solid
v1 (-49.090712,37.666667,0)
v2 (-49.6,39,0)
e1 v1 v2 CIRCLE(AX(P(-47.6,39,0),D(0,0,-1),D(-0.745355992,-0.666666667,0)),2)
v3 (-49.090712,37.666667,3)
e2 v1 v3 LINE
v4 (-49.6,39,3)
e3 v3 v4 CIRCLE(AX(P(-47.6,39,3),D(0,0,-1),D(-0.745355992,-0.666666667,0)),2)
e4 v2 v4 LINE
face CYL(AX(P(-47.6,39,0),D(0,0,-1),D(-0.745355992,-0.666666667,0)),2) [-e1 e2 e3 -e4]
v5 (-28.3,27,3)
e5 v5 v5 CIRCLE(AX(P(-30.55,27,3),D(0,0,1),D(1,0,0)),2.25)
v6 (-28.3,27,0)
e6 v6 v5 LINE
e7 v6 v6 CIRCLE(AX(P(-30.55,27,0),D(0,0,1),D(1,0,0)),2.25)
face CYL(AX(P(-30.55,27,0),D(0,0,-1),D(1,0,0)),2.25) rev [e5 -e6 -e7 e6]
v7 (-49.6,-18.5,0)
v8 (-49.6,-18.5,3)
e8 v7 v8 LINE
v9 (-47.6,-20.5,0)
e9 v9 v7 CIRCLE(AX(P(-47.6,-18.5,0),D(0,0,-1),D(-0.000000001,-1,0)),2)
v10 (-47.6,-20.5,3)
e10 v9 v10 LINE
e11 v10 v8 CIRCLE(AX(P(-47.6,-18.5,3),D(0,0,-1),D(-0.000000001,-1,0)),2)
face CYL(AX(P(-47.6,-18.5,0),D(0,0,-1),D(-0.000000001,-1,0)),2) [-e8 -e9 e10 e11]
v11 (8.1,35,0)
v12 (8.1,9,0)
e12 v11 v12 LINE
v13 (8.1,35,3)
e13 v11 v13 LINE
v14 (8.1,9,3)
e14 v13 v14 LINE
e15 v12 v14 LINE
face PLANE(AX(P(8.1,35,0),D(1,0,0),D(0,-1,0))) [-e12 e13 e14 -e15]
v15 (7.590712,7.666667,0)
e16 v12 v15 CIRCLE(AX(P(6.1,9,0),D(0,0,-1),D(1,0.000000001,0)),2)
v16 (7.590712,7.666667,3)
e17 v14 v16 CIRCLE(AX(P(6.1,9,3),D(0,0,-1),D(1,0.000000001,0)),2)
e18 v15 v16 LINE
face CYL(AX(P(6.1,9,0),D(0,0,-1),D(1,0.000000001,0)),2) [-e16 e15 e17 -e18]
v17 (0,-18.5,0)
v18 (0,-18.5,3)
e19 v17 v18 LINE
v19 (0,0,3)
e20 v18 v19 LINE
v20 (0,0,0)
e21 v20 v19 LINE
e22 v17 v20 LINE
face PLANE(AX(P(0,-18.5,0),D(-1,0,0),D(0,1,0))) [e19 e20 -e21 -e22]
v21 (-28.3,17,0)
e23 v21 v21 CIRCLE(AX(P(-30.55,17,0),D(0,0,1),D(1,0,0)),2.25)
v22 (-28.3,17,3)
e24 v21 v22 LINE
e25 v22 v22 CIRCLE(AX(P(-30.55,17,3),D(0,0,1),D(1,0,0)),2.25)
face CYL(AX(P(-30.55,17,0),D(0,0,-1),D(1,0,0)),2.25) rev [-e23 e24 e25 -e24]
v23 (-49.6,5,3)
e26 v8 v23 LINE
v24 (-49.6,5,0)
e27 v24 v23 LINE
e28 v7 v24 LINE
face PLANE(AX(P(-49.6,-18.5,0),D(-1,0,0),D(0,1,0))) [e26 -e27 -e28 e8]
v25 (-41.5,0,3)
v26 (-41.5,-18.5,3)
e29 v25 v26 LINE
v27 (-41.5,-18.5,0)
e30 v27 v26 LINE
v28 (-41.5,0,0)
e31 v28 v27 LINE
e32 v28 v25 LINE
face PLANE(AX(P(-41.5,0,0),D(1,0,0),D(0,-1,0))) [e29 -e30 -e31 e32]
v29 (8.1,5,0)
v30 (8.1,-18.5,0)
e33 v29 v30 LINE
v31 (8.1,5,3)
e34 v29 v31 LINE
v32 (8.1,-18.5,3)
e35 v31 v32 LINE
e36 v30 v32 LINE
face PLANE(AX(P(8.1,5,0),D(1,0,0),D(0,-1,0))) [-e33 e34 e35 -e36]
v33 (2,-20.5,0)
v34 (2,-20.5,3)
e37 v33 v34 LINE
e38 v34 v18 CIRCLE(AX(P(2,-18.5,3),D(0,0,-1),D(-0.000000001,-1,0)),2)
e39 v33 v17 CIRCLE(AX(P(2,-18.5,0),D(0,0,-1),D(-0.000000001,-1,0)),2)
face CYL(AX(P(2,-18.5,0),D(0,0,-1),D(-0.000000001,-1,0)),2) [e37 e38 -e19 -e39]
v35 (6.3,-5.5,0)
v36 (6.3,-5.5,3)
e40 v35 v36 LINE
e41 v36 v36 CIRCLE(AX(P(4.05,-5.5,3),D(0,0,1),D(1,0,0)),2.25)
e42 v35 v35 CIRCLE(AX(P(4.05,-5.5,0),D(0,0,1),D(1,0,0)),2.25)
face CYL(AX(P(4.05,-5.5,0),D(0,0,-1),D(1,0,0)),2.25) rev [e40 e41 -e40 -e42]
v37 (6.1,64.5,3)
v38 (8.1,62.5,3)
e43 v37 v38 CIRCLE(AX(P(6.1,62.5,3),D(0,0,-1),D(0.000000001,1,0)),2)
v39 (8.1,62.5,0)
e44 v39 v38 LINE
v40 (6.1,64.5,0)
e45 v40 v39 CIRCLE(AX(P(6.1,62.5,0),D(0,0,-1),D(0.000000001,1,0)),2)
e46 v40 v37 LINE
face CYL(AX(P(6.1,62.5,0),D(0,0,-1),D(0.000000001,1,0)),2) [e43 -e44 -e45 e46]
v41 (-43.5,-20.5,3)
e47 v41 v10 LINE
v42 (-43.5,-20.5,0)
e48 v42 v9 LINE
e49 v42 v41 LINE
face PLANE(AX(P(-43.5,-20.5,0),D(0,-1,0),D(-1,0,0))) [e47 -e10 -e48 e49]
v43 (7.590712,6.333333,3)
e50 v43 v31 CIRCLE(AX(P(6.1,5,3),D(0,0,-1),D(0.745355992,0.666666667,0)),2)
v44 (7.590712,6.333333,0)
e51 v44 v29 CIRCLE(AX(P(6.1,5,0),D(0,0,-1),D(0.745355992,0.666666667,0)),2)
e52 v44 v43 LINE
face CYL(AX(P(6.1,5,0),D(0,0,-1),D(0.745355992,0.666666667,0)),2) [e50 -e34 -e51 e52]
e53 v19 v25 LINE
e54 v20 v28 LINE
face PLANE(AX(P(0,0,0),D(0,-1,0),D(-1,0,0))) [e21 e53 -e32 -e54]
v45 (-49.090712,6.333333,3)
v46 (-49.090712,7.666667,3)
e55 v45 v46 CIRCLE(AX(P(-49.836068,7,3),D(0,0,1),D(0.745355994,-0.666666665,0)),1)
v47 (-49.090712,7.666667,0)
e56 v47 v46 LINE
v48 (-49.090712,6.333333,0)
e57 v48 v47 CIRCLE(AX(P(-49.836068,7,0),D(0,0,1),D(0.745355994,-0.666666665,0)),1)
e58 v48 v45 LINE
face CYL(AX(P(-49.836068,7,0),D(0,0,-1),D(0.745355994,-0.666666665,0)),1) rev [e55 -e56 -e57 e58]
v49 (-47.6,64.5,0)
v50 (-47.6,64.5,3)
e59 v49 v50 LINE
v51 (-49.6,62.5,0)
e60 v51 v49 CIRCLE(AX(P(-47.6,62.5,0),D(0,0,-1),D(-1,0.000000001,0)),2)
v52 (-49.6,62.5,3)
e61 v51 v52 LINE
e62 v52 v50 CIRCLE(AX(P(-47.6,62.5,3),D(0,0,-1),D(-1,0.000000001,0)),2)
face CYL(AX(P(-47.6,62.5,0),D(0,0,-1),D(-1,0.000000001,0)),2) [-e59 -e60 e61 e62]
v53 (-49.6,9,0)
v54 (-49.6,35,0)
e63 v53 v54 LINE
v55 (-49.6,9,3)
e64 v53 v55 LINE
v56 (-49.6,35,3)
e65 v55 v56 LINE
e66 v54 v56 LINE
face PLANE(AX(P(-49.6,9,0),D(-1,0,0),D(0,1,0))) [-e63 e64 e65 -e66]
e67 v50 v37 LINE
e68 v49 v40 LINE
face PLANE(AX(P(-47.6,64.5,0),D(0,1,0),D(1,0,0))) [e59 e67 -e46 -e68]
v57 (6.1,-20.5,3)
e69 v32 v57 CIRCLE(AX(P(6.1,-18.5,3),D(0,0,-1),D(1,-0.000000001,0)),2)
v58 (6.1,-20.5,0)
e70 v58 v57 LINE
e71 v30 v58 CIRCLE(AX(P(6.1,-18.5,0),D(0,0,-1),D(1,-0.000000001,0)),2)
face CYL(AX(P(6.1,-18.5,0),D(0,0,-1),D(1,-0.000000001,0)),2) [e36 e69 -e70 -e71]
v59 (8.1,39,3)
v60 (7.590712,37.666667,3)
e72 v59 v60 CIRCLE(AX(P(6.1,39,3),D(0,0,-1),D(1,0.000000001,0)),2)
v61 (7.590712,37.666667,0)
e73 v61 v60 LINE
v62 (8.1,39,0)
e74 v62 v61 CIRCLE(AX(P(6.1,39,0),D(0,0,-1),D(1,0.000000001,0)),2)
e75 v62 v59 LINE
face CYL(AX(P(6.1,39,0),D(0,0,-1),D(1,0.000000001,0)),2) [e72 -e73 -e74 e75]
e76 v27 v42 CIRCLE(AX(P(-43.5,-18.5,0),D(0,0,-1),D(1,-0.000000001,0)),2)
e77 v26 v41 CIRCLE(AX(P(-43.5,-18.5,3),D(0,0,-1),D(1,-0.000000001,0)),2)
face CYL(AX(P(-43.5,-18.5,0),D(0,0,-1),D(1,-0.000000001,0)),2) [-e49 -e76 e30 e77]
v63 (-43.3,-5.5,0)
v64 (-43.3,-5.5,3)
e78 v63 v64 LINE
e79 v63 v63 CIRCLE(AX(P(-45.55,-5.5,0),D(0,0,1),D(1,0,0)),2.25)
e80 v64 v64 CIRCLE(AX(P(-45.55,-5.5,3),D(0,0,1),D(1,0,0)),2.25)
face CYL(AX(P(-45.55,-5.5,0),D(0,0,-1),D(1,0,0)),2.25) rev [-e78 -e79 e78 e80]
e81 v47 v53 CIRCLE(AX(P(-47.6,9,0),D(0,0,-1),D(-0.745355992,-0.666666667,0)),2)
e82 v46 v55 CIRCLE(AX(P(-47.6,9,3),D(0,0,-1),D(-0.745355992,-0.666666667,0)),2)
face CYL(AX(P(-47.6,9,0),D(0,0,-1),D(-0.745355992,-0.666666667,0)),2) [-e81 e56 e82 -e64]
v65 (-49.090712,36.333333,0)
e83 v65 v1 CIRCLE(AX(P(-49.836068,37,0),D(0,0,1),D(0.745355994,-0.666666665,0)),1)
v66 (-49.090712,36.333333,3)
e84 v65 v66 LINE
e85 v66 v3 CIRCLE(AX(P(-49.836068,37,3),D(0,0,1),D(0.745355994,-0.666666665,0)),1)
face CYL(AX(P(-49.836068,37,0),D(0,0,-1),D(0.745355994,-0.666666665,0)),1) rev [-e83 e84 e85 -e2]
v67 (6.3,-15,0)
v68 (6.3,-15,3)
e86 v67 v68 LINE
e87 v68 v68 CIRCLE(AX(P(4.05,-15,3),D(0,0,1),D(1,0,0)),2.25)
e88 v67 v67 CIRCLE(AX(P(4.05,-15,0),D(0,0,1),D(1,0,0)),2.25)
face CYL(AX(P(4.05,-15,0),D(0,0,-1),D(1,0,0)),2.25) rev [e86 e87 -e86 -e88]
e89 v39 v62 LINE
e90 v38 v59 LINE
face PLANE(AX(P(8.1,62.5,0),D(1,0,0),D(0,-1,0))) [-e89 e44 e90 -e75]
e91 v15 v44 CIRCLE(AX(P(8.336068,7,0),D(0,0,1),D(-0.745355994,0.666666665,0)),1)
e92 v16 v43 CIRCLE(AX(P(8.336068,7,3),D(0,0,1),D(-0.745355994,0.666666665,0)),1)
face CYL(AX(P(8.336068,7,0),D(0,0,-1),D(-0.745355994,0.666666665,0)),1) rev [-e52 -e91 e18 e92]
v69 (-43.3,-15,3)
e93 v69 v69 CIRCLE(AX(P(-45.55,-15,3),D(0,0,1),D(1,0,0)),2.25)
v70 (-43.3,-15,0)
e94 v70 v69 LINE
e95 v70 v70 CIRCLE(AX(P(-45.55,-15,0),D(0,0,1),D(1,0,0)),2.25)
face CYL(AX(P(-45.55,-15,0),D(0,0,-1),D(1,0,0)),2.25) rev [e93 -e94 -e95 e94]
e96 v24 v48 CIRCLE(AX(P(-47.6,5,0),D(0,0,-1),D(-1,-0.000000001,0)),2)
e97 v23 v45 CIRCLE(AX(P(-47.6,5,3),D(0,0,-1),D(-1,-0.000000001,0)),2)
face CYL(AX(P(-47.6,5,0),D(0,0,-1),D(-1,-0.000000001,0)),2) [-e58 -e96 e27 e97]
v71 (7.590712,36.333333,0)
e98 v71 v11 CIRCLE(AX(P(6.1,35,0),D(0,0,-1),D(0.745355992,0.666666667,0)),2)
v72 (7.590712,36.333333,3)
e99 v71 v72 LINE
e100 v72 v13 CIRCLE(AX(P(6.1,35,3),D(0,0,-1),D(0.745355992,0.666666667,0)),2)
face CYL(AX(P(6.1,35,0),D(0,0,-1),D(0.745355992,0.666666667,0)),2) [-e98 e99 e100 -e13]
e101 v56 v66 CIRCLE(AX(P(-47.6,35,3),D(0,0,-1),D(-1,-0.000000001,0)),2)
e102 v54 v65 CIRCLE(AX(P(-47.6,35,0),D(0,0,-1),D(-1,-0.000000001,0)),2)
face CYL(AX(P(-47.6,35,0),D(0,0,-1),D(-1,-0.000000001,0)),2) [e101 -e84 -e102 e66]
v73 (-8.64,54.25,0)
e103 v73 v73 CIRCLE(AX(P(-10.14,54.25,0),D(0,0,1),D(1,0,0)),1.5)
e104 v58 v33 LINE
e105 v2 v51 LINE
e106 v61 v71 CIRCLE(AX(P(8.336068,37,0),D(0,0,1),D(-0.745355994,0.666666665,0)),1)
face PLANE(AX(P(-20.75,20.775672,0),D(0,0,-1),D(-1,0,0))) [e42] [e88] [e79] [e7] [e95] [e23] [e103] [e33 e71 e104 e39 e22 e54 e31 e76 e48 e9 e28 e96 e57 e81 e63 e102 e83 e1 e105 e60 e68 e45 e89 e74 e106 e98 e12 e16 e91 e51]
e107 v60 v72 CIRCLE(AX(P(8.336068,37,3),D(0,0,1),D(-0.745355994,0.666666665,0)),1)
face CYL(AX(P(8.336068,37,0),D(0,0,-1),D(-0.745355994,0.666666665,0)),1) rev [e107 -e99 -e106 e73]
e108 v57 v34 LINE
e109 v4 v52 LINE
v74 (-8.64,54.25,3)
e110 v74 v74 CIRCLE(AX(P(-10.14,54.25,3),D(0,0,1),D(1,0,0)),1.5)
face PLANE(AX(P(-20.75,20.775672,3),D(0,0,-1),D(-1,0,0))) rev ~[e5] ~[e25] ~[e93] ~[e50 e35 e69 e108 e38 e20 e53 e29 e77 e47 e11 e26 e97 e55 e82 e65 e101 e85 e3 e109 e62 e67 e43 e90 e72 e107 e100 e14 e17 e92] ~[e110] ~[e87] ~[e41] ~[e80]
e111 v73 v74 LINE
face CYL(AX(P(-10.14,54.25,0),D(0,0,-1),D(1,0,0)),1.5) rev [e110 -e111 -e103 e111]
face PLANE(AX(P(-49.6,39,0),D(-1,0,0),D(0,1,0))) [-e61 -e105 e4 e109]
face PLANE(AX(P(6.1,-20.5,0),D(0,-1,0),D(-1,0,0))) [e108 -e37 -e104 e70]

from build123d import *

# Parameters (mm, degrees)
SKETCH1_R           = 2.25
SKETCH1_R_2         = 1.5
BOSS_EXTRUDE1_DEPTH = 3


with BuildPart() as part:
    # Sketch1 → Boss-Extrude1 (new body)
    with BuildSketch(Plane.XY):
        with BuildLine():
            Line((-43.5, -20.5), (-47.6, -20.5))
            ThreePointArc((-47.6, -20.5), (-49.014213562, -19.914213562), (-49.6, -18.5))
            Line((-49.6, -18.5), (-49.6, 5))
            ThreePointArc((-49.6, 5), (-49.468344718, 5.71364418), (-49.090711985, 6.333333333))
            ThreePointArc((-49.090711985, 6.333333333), (-48.836067978, 7), (-49.090711985, 7.666666667))
            ThreePointArc((-49.090711985, 7.666666667), (-49.468344718, 8.28635582), (-49.6, 9))
            Line((-49.6, 9), (-49.6, 35))
            ThreePointArc((-49.6, 35), (-49.468344718, 35.71364418), (-49.090711985, 36.333333333))
            ThreePointArc((-49.090711985, 36.333333333), (-48.836067978, 37), (-49.090711985, 37.666666667))
            ThreePointArc((-49.090711985, 37.666666667), (-49.468344718, 38.28635582), (-49.6, 39))
            Line((-49.6, 39), (-49.6, 62.5))
            ThreePointArc((-49.6, 62.5), (-49.014213562, 63.914213562), (-47.6, 64.5))
            Line((-47.6, 64.5), (6.1, 64.5))
            ThreePointArc((6.1, 64.5), (7.514213562, 63.914213562), (8.1, 62.5))
            Line((8.1, 62.5), (8.1, 39))
            ThreePointArc((8.1, 39), (7.968344718, 38.28635582), (7.590711985, 37.666666667))
            ThreePointArc((7.590711985, 37.666666667), (7.336067978, 37), (7.590711985, 36.333333333))
            ThreePointArc((7.590711985, 36.333333333), (7.968344718, 35.71364418), (8.1, 35))
            Line((8.1, 35), (8.1, 9))
            ThreePointArc((8.1, 9), (7.968344718, 8.28635582), (7.590711985, 7.666666667))
            ThreePointArc((7.590711985, 7.666666667), (7.336067978, 7), (7.590711985, 6.333333333))
            ThreePointArc((7.590711985, 6.333333333), (7.968344718, 5.71364418), (8.1, 5))
            Line((8.1, 5), (8.1, -18.5))
            ThreePointArc((8.1, -18.5), (7.514213562, -19.914213562), (6.1, -20.5))
            Line((6.1, -20.5), (2, -20.5))
            ThreePointArc((2, -20.5), (0.585786438, -19.914213562), (0, -18.5))
            Line((0, -18.5), (0, 0))
            Line((0, 0), (-41.5, 0))
            Line((-41.5, 0), (-41.5, -18.5))
            ThreePointArc((-41.5, -18.5), (-42.085786438, -19.914213562), (-43.5, -20.5))
        make_face()
        with Locations((-45.55, -5.5)):
            Circle(SKETCH1_R, mode=Mode.SUBTRACT)
        with Locations((-45.55, -15)):
            Circle(SKETCH1_R, mode=Mode.SUBTRACT)
        with Locations((4.05, -5.5)):
            Circle(SKETCH1_R, mode=Mode.SUBTRACT)
        with Locations((4.05, -15)):
            Circle(SKETCH1_R, mode=Mode.SUBTRACT)
        with Locations((-30.55, 17)):
            Circle(SKETCH1_R, mode=Mode.SUBTRACT)
        with Locations((-30.55, 27)):
            Circle(SKETCH1_R, mode=Mode.SUBTRACT)
        with Locations((-10.14, 54.25)):
            Circle(SKETCH1_R_2, mode=Mode.SUBTRACT)
    extrude(amount=BOSS_EXTRUDE1_DEPTH)


solid = part.part
